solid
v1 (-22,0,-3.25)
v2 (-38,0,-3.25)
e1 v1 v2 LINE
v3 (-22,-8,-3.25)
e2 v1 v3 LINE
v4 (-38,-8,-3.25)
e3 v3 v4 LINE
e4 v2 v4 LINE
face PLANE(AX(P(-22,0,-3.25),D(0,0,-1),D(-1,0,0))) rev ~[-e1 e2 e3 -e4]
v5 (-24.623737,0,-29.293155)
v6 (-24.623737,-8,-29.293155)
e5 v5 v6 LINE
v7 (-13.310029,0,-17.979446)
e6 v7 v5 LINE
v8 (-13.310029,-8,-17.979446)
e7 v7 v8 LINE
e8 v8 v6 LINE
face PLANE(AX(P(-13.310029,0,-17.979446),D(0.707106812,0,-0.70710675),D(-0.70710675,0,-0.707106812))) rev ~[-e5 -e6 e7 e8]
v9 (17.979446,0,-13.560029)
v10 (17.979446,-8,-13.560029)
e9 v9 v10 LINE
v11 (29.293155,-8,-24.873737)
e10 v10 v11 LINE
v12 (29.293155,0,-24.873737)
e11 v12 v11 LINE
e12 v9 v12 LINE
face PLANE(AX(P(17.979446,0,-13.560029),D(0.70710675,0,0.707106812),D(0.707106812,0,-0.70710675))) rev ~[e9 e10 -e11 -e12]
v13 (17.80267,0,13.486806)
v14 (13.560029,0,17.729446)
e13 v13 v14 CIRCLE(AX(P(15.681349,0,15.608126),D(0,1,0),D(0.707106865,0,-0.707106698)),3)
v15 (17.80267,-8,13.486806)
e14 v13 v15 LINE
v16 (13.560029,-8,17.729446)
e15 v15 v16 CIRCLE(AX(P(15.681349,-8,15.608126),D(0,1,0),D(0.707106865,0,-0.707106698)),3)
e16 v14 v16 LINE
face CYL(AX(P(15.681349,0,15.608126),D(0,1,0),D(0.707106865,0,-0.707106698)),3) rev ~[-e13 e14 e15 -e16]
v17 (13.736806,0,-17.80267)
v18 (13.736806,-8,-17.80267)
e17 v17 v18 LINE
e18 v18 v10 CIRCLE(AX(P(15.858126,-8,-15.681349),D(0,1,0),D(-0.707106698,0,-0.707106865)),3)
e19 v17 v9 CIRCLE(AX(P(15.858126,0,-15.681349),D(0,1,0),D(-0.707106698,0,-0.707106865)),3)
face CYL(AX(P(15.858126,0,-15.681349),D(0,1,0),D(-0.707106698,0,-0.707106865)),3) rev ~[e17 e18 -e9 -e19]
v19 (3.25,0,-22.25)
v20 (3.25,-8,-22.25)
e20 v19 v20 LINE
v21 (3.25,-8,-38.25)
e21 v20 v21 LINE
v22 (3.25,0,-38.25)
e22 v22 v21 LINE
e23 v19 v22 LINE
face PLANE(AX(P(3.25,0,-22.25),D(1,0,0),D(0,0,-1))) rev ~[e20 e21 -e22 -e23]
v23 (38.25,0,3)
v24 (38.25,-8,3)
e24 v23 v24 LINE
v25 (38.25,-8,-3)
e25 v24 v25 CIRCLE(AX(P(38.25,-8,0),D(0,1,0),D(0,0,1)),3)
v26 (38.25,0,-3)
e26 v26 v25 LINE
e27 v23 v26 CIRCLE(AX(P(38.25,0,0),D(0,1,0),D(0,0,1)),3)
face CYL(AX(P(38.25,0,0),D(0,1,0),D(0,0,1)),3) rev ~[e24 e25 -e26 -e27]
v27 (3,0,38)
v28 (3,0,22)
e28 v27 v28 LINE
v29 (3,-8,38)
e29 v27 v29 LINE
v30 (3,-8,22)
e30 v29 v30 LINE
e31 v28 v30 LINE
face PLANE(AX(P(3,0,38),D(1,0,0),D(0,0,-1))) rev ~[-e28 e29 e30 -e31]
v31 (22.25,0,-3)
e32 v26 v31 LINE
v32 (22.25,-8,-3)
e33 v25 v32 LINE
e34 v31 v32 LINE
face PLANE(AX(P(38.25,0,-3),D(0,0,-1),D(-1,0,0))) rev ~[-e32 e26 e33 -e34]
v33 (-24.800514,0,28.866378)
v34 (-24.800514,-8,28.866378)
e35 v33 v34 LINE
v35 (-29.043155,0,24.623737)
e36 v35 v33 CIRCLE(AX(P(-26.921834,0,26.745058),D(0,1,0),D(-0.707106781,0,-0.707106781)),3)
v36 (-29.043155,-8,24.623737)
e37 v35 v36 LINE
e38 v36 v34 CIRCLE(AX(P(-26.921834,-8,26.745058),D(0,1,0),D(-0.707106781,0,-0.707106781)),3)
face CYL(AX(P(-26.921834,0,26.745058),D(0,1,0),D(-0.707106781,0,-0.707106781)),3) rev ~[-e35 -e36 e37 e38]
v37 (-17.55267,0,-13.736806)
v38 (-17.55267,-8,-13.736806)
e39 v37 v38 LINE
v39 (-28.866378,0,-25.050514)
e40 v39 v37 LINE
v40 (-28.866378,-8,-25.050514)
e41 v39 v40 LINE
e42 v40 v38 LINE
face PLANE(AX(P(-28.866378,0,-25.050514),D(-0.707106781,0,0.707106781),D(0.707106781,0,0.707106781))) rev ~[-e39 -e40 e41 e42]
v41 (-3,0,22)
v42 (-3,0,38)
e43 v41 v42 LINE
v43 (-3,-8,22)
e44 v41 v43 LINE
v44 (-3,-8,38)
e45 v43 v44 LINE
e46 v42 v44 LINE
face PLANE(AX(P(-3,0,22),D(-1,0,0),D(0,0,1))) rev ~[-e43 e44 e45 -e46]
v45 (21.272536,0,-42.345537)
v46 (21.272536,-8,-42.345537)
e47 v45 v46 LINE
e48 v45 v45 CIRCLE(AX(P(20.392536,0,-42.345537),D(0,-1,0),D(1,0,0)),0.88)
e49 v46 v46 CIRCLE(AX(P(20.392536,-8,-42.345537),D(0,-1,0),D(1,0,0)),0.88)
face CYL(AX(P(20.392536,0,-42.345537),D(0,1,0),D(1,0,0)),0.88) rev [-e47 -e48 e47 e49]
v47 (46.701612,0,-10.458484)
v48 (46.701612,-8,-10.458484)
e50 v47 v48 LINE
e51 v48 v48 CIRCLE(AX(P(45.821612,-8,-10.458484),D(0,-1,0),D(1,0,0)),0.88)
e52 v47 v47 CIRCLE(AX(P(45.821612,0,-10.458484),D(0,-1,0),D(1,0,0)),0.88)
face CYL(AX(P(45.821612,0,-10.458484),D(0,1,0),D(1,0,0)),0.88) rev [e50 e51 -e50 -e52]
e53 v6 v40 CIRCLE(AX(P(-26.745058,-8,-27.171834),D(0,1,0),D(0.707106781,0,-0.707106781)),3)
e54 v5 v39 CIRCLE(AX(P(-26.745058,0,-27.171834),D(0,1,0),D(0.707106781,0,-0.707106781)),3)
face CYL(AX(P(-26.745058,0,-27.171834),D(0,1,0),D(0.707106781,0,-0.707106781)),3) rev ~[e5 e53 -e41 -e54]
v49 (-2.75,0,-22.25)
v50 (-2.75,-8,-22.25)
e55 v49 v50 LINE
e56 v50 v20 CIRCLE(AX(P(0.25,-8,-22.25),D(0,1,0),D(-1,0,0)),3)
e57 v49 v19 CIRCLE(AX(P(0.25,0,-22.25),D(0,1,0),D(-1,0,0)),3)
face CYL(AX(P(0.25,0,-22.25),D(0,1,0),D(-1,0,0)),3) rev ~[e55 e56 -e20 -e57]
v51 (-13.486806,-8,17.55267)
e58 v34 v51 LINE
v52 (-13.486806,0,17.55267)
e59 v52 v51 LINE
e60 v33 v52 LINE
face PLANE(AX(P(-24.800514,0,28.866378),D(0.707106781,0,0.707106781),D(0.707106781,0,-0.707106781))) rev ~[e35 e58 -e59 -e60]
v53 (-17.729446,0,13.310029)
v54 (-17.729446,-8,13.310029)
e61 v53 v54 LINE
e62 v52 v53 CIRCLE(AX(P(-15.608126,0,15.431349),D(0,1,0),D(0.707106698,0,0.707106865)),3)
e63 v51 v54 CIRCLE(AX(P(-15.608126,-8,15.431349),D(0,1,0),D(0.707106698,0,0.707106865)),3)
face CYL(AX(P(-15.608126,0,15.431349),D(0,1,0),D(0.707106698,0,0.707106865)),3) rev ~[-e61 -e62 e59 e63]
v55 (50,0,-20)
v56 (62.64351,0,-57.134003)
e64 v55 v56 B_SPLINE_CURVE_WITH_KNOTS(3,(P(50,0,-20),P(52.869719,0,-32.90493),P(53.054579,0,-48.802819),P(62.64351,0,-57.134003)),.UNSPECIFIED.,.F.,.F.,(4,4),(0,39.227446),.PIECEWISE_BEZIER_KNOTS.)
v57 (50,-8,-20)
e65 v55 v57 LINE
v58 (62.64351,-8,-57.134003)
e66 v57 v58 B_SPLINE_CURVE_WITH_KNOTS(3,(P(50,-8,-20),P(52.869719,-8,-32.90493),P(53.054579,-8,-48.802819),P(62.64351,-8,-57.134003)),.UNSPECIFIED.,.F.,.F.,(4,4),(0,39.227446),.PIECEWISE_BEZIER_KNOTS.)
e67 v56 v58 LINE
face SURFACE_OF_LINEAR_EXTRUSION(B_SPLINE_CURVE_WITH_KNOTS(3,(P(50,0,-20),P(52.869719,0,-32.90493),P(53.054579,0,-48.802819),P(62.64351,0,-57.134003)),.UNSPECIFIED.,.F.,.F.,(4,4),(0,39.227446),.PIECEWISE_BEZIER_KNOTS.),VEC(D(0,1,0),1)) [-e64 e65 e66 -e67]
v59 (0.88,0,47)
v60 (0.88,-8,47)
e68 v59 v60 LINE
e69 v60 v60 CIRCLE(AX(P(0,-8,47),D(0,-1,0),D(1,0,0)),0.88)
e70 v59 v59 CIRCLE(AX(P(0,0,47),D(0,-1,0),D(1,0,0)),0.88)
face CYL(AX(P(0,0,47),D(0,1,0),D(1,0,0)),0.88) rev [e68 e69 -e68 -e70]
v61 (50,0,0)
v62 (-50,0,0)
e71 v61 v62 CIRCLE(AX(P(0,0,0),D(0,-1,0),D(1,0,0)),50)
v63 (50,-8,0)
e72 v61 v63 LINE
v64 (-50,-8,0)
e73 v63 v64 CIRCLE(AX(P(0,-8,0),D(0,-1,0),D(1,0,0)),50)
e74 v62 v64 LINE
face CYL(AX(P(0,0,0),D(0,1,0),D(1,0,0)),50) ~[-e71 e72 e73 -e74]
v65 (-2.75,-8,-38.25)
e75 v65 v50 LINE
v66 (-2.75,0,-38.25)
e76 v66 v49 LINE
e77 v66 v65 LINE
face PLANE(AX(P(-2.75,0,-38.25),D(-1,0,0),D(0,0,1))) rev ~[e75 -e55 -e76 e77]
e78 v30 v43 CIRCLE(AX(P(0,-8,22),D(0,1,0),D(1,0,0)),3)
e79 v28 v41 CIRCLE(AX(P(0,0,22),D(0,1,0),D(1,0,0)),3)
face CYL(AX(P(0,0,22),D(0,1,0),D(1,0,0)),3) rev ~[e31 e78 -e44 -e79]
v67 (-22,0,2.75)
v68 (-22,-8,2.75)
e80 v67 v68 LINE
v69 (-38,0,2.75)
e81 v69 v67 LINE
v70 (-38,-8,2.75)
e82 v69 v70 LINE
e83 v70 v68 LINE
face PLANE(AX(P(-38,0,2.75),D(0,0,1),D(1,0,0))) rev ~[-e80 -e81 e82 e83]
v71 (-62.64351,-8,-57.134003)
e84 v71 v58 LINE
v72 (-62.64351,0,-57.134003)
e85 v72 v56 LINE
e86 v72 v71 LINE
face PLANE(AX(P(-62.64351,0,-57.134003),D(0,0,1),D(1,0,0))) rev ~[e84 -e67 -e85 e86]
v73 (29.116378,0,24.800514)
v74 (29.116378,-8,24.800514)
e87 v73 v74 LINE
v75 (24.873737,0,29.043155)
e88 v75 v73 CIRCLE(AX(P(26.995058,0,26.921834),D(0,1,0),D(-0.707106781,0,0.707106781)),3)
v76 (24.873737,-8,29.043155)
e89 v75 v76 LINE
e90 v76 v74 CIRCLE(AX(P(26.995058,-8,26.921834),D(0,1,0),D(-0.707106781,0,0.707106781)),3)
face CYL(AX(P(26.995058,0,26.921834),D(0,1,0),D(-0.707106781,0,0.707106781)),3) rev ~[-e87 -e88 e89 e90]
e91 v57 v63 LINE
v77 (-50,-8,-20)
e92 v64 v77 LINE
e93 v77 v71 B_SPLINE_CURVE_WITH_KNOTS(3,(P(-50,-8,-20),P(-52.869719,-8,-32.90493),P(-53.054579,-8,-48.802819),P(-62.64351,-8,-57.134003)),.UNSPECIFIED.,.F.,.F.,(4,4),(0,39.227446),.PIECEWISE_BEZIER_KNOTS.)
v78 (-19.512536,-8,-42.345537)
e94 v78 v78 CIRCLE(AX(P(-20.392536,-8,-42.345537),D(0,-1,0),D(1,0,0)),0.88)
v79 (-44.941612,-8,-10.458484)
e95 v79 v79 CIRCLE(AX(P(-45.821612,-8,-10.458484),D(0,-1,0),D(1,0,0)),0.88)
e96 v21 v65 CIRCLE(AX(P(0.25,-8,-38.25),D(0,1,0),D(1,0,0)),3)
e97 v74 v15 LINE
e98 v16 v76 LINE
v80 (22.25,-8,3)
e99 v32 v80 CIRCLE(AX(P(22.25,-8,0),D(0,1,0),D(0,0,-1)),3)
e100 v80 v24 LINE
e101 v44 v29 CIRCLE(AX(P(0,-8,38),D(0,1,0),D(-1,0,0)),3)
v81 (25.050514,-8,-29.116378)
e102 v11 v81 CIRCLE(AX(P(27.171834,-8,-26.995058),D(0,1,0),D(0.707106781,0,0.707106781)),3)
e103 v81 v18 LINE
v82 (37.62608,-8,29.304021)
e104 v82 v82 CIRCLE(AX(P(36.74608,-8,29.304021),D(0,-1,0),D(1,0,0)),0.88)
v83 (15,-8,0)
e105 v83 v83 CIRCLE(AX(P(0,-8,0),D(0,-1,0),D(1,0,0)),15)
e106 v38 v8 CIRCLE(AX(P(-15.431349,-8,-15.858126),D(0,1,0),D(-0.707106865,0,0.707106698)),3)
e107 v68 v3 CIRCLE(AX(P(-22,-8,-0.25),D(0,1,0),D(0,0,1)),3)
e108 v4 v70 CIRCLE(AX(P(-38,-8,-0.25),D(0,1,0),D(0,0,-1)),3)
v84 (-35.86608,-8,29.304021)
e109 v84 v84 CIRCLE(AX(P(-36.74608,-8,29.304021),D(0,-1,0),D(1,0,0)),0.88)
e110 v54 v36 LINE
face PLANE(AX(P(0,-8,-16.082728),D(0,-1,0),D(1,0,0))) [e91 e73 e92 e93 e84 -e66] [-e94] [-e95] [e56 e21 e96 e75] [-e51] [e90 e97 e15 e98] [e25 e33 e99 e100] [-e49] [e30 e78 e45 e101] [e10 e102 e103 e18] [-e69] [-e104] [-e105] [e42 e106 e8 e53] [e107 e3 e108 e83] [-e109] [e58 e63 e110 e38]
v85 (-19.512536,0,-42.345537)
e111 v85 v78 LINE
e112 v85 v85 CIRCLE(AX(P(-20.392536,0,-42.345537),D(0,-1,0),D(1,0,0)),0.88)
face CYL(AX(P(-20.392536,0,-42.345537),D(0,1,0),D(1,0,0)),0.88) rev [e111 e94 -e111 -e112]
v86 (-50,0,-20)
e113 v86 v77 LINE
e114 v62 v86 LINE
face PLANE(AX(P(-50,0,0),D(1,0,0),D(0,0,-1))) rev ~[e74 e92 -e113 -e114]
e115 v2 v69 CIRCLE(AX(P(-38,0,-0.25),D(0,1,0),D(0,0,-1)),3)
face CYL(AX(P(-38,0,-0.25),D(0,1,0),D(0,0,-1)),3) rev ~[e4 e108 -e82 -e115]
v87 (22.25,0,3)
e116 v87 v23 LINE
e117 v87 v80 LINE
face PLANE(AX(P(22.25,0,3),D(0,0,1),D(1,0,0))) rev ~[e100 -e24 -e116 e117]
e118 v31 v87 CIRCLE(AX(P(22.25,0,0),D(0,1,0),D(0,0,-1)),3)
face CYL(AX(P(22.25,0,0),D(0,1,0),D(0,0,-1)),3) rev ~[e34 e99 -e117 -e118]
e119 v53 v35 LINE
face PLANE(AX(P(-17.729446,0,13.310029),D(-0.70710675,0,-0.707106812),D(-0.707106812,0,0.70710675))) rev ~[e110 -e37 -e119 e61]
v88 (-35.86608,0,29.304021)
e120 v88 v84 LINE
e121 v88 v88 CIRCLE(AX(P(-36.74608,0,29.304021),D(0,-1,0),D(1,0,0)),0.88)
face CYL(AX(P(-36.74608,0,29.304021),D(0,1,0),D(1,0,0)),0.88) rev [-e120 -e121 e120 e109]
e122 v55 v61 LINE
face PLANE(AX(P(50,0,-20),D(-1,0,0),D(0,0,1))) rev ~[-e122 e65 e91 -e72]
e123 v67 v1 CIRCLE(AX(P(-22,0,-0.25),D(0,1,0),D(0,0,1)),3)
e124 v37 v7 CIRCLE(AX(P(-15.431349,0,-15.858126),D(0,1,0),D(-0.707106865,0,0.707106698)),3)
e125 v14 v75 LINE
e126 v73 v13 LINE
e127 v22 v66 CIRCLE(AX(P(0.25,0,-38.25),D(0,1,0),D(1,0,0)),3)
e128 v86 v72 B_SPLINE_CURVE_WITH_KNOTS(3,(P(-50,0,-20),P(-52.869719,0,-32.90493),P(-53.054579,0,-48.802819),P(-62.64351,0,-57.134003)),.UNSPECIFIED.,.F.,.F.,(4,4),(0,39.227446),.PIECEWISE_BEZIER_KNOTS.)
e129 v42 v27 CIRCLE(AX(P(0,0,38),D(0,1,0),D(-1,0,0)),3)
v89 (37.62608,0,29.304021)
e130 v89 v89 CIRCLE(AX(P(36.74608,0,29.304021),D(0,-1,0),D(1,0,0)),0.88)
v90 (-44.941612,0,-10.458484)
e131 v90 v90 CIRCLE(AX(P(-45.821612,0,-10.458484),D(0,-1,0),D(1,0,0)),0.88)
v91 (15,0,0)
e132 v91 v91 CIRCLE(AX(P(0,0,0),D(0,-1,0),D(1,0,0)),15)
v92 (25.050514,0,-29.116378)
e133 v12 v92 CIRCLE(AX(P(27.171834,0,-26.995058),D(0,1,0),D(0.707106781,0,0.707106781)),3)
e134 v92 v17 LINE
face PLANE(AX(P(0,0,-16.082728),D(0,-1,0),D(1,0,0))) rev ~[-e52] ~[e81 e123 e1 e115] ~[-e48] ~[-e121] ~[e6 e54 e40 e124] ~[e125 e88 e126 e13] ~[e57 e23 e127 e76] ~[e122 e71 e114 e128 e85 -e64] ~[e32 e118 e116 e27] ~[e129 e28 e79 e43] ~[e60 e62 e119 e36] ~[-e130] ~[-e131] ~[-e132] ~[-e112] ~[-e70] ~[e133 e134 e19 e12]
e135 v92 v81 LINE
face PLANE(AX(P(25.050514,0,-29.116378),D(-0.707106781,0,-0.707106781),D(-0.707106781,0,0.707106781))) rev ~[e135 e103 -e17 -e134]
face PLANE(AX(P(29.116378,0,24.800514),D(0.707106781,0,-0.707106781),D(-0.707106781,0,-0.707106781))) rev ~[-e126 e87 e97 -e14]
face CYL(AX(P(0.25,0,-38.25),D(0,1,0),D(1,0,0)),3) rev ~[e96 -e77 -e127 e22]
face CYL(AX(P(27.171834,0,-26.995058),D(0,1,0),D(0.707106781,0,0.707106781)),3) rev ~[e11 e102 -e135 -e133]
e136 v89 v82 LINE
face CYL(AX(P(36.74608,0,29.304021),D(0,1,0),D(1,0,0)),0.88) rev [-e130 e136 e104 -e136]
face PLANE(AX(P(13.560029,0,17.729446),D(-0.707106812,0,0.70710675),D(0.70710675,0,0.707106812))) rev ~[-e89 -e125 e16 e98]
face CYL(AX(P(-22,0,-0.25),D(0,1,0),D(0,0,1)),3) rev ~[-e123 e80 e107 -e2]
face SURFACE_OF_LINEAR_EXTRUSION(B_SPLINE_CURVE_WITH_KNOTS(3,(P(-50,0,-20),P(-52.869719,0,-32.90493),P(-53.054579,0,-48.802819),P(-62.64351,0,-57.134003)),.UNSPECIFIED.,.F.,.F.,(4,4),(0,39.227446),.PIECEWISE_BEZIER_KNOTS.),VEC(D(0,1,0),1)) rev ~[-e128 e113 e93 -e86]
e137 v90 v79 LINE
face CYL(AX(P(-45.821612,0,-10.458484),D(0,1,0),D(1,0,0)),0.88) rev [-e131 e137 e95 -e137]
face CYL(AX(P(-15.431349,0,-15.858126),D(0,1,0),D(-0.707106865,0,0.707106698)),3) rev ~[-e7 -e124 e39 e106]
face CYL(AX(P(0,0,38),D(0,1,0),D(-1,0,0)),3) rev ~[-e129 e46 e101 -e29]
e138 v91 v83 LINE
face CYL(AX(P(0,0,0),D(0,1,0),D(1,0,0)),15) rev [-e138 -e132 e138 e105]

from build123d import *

# Parameters (mm, degrees)
F0_R     = 0.88
F0_R_2   = 15
F1_DEPTH = 8


with BuildPart() as f1:
    # F0 (on Front) → F1 (new body)
    with BuildSketch(Plane.XZ):
        with BuildLine():
            Line((50, -20), (50, 0))
            ThreePointArc((50, 0), (0, 50), (-50, 0))
            Line((-50, 0), (-50, -20))
            add(Edge.make_bspline(
                [(-50, -20), (-52.869719, -32.90493), (-53.054579, -48.802819), (-62.64351, -57.134003)],
                knots=[0, 0, 0, 0, 39.227446, 39.227446, 39.227446, 39.227446], degree=3))
            Line((-62.64351, -57.134003), (0, -57.134003))
            Line((0, -57.134003), (62.64351, -57.134003))
            add(Edge.make_bspline(
                [(50, -20), (52.869719, -32.90493), (53.054579, -48.802819), (62.64351, -57.134003)],
                knots=[0, 0, 0, 0, 39.227446, 39.227446, 39.227446, 39.227446], degree=3))
        make_face()
        with Locations((-20.392536, -42.345537)):
            Circle(F0_R, mode=Mode.SUBTRACT)
        with Locations((-45.821612, -10.458484)):
            Circle(F0_R, mode=Mode.SUBTRACT)
        with BuildLine():
            ThreePointArc((-24.623737, -29.293155), (-28.866378, -29.293155), (-28.866378, -25.050514))
            Line((-28.866378, -25.050514), (-17.55267, -13.736806))
            ThreePointArc((-17.55267, -13.736806), (-13.310029, -13.736806), (-13.310029, -17.979446))
            Line((-13.310029, -17.979446), (-24.623737, -29.293155))
        make_face(mode=Mode.SUBTRACT)
        with Locations((20.392536, -42.345537)):
            Circle(F0_R, mode=Mode.SUBTRACT)
        with BuildLine():
            ThreePointArc((3.25, -38.25), (0.25, -41.25), (-2.75, -38.25))
            Line((-2.75, -38.25), (-2.75, -22.25))
            ThreePointArc((-2.75, -22.25), (0.25, -19.25), (3.25, -22.25))
            Line((3.25, -22.25), (3.25, -38.25))
        make_face(mode=Mode.SUBTRACT)
        with BuildLine():
            ThreePointArc((29.293155, -24.873737), (29.293155, -29.116378), (25.050514, -29.116378))
            Line((25.050514, -29.116378), (13.736806, -17.80267))
            ThreePointArc((13.736806, -17.80267), (13.736806, -13.560029), (17.979446, -13.560029))
            Line((17.979446, -13.560029), (29.293155, -24.873737))
        make_face(mode=Mode.SUBTRACT)
        with Locations((45.821612, -10.458484)):
            Circle(F0_R, mode=Mode.SUBTRACT)
        with BuildLine():
            ThreePointArc((-38, -3.25), (-41, -0.25), (-38, 2.75))
            Line((-38, 2.75), (-22, 2.75))
            ThreePointArc((-22, 2.75), (-19, -0.25), (-22, -3.25))
            Line((-22, -3.25), (-38, -3.25))
        make_face(mode=Mode.SUBTRACT)
        Circle(F0_R_2, mode=Mode.SUBTRACT)
        with BuildLine():
            ThreePointArc((-29.043155, 24.623737), (-29.043155, 28.866378), (-24.800514, 28.866378))
            Line((-24.800514, 28.866378), (-13.486806, 17.55267))
            ThreePointArc((-13.486806, 17.55267), (-13.486806, 13.310029), (-17.729446, 13.310029))
            Line((-17.729446, 13.310029), (-29.043155, 24.623737))
        make_face(mode=Mode.SUBTRACT)
        with Locations((-36.74608, 29.304021)):
            Circle(F0_R, mode=Mode.SUBTRACT)
        with BuildLine():
            ThreePointArc((-3, 38), (0, 41), (3, 38))
            Line((3, 38), (3, 22))
            ThreePointArc((3, 22), (0, 19), (-3, 22))
            Line((-3, 22), (-3, 38))
        make_face(mode=Mode.SUBTRACT)
        with Locations((0, 47)):
            Circle(F0_R, mode=Mode.SUBTRACT)
        with BuildLine():
            ThreePointArc((38.25, 3), (41.25, 0), (38.25, -3))
            Line((38.25, -3), (22.25, -3))
            ThreePointArc((22.25, -3), (19.25, 0), (22.25, 3))
            Line((22.25, 3), (38.25, 3))
        make_face(mode=Mode.SUBTRACT)
        with BuildLine():
            ThreePointArc((24.873737, 29.043155), (29.116378, 29.043155), (29.116378, 24.800514))
            Line((29.116378, 24.800514), (17.80267, 13.486806))
            ThreePointArc((17.80267, 13.486806), (13.560029, 13.486806), (13.560029, 17.729446))
            Line((13.560029, 17.729446), (24.873737, 29.043155))
        make_face(mode=Mode.SUBTRACT)
        with Locations((36.74608, 29.304021)):
            Circle(F0_R, mode=Mode.SUBTRACT)
    extrude(amount=F1_DEPTH)


solid = f1.part
